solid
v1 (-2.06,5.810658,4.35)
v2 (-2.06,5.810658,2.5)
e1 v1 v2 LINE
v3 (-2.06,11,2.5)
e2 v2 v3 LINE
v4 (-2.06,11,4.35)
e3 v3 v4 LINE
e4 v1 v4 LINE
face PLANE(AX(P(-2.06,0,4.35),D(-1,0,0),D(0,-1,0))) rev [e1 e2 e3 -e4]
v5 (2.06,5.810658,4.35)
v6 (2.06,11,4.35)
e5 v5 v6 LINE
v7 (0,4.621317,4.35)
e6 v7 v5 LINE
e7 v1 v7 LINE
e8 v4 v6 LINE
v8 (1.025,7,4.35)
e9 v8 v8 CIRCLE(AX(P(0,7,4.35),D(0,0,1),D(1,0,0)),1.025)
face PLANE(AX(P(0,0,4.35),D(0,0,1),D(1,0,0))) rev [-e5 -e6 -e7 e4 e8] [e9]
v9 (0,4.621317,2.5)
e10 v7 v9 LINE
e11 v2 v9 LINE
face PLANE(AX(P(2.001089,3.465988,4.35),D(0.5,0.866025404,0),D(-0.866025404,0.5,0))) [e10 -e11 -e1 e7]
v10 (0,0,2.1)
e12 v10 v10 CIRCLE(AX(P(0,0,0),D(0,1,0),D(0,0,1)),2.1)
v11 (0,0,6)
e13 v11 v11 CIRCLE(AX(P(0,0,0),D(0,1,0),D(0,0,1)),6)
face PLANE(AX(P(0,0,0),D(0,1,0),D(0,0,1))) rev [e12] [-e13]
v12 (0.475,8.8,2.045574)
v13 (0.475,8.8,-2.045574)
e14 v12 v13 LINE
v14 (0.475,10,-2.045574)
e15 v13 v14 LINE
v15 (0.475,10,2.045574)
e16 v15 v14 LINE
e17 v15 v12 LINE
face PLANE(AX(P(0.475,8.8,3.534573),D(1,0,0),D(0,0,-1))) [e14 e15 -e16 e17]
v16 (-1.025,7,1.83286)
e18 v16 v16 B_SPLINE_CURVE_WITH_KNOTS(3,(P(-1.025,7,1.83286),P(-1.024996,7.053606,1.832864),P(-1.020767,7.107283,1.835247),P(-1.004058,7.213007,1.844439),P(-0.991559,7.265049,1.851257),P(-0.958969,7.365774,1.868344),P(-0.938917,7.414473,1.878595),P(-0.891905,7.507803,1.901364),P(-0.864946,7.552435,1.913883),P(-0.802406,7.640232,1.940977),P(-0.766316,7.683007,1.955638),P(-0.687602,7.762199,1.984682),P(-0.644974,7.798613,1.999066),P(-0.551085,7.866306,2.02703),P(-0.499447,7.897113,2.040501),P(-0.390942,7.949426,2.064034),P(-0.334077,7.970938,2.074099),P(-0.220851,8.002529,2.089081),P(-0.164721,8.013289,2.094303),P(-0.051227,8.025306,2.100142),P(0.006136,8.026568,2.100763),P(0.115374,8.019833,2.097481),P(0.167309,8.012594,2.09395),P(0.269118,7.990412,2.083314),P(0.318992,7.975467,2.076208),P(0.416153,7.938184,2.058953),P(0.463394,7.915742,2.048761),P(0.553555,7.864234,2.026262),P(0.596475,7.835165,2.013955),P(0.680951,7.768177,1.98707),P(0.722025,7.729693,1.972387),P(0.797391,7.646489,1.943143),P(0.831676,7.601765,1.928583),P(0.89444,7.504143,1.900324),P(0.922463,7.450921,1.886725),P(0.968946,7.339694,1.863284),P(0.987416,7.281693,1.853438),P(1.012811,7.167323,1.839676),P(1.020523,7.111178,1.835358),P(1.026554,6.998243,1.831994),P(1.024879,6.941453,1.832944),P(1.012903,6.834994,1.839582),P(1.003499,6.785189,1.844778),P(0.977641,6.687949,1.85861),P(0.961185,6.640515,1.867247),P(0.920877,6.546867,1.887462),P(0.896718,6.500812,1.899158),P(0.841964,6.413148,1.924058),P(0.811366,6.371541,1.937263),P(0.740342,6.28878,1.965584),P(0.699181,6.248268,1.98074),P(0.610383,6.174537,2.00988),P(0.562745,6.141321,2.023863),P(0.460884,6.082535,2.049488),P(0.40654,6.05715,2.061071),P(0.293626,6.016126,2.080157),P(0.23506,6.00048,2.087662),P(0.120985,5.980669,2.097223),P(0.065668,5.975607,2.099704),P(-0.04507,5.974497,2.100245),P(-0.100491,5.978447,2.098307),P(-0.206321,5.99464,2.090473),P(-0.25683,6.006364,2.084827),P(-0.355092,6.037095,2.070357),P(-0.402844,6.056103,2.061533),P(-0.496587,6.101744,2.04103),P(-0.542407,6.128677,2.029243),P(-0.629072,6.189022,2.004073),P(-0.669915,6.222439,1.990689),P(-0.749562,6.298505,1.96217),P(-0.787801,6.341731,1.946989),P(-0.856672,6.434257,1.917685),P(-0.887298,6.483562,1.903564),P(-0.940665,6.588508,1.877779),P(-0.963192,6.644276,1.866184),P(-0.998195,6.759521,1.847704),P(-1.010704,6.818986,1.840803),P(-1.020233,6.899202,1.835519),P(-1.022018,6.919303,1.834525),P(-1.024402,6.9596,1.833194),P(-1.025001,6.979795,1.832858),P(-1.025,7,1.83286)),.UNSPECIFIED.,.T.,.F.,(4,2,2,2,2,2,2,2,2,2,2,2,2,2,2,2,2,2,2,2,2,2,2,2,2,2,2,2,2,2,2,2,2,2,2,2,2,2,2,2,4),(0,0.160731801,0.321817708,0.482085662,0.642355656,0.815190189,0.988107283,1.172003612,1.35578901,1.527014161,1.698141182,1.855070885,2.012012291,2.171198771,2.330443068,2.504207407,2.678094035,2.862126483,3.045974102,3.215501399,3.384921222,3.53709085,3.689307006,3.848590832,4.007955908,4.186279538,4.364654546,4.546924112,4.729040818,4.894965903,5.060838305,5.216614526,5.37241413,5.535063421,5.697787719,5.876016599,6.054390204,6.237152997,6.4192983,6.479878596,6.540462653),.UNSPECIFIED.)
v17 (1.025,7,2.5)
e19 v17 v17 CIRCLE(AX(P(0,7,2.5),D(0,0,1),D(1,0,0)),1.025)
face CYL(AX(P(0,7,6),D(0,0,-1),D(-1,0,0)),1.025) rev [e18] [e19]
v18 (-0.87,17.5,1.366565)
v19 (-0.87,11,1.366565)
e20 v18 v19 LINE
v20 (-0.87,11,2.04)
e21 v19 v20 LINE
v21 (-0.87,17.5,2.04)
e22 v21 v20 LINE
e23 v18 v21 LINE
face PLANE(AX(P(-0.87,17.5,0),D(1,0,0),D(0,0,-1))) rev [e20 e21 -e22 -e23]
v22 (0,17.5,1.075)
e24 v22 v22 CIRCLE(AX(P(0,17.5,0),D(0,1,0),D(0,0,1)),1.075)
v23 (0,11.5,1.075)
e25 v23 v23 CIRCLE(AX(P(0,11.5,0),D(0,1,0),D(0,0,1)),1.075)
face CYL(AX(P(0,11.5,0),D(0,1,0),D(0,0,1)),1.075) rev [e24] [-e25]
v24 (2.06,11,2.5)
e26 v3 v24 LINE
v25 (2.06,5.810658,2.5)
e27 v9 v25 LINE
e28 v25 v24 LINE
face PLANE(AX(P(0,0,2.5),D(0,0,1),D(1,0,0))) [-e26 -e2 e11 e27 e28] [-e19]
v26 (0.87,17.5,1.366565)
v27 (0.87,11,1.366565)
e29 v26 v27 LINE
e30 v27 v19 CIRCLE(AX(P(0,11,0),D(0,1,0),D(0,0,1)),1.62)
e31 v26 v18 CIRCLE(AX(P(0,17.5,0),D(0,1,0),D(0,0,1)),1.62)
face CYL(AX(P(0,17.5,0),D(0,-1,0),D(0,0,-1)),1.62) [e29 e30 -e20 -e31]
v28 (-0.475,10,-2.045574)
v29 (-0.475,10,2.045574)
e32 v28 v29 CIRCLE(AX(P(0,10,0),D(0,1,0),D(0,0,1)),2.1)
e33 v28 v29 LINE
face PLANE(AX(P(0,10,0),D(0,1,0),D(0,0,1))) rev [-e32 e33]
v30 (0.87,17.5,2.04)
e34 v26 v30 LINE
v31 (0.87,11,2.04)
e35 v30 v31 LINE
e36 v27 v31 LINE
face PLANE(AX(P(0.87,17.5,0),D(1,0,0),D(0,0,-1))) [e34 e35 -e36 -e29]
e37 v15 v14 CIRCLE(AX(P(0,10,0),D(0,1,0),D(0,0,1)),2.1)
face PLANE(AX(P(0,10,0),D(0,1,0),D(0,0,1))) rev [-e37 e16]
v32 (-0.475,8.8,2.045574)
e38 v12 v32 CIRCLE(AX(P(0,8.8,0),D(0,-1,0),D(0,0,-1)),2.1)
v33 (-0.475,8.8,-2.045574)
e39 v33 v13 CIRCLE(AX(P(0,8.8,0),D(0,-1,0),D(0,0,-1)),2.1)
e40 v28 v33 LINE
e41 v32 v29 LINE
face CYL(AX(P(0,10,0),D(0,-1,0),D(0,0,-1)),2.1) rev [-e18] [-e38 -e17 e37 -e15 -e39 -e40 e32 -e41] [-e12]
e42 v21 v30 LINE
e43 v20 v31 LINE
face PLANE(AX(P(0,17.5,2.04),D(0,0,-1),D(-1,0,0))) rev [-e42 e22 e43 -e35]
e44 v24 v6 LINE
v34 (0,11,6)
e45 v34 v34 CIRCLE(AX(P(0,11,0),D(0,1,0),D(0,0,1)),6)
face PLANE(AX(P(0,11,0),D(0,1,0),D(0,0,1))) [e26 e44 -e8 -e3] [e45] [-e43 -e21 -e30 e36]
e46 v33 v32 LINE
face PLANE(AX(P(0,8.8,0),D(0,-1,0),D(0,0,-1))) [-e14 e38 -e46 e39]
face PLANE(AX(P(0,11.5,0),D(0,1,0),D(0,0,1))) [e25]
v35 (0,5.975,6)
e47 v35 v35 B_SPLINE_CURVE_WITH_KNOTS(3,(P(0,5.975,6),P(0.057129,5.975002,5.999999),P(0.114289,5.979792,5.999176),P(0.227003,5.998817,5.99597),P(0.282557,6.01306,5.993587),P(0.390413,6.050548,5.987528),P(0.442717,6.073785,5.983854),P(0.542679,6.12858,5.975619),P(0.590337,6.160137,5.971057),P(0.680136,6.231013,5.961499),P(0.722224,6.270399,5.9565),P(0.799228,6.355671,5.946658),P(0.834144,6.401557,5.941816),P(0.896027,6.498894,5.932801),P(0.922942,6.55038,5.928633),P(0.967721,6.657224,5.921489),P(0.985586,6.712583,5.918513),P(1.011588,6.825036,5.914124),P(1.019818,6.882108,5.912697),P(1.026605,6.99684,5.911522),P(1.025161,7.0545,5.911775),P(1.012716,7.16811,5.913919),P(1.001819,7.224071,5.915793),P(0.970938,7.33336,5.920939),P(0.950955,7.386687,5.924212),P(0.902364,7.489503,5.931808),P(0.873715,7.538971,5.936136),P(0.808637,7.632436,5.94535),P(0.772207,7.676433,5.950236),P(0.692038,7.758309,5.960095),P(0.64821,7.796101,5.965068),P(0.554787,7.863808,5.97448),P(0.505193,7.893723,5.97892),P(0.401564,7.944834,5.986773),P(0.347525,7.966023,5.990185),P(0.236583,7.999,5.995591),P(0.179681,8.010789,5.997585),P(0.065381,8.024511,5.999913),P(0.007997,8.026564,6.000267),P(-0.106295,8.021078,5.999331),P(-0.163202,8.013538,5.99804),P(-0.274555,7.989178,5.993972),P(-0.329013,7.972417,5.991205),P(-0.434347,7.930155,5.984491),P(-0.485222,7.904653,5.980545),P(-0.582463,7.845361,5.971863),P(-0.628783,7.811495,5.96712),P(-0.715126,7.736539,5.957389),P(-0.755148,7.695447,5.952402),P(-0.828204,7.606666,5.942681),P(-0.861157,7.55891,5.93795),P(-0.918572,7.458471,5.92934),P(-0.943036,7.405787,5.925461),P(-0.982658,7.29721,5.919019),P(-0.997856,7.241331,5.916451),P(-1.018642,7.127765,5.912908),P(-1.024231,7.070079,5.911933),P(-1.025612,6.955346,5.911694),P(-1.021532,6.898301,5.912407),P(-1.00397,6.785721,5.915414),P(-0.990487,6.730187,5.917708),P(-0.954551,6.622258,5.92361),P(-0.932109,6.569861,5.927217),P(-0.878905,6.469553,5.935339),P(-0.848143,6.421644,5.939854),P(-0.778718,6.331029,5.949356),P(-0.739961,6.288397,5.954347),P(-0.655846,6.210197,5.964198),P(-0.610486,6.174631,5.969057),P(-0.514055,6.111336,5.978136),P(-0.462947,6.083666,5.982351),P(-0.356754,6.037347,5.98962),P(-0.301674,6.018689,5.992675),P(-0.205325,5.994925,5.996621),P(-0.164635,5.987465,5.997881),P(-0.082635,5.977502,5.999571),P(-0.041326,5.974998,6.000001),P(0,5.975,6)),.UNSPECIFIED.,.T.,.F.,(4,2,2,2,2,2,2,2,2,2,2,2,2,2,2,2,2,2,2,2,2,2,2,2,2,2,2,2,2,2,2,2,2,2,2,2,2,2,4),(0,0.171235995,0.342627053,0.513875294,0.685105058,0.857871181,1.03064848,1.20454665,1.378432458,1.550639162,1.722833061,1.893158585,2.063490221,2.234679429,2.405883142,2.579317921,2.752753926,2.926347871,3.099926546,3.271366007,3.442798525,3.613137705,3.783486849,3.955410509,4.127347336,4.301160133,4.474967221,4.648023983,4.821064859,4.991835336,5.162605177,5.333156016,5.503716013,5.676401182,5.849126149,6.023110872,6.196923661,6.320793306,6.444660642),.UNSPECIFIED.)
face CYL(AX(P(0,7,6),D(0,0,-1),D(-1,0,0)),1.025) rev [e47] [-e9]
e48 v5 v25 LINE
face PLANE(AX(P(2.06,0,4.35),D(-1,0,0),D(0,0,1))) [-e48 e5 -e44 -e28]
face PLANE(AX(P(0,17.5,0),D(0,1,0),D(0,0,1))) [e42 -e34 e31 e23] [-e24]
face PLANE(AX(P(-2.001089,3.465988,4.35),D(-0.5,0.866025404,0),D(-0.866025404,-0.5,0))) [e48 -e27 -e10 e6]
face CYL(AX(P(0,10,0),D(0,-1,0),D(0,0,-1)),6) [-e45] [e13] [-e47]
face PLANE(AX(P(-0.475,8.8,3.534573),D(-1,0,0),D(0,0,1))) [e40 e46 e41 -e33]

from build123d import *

# Parameters (mm, degrees)
SKETCH1_R           = 6
BOSS_EXTRUDE1_DEPTH = 10
SKETCH2_R           = 1.025
CUT_EXTRUDE1_DEPTH  = 7
SKETCH4_R           = 2.1
CUT_EXTRUDE4_DEPTH  = 11.0000001
SKETCH5_W           = 0.95
SKETCH5_H           = 7.069146706
BOSS_EXTRUDE2_DEPTH = 1.2
SKETCH7_R           = 6
BOSS_EXTRUDE3_DEPTH = 1
SKETCH8_R           = 1.62
SKETCH8_W           = 1.74
SKETCH8_H           = 0.84
BOSS_EXTRUDE4_DEPTH = 6.5
SKETCH9_R           = 1.075
CUT_EXTRUDE5_DEPTH  = 6
CUT_EXTRUDE2_START  = 2.5
CUT_EXTRUDE2_DEPTH  = 1.85


with BuildPart() as part:
    # Sketch1 → Boss-Extrude1 (new body)
    with BuildSketch(Plane(origin=(0, 0, 0), x_dir=(1, 0, 0), z_dir=(0, 1, 0))):
        Circle(SKETCH1_R)
    extrude(amount=BOSS_EXTRUDE1_DEPTH)

    # Sketch2 → Cut-Extrude1 (cut, through all)
    with BuildSketch(Plane.XY):
        with Locations((0, 7)):
            Circle(SKETCH2_R)
    extrude(amount=CUT_EXTRUDE1_DEPTH, mode=Mode.SUBTRACT)

    # Sketch4 → Cut-Extrude4 (cut, through all)
    with BuildSketch(Plane(origin=(0, 0, 0), x_dir=(1, 0, 0), z_dir=(0, 1, 0))):
        Circle(SKETCH4_R)
    extrude(amount=CUT_EXTRUDE4_DEPTH, mode=Mode.SUBTRACT)

    # Sketch5 → Boss-Extrude2 (add)
    with BuildSketch(Plane(origin=(0, 10, 0), x_dir=(1, 0, 0), z_dir=(0, 1, 0))):
        Rectangle(SKETCH5_W, SKETCH5_H)
    extrude(amount=-BOSS_EXTRUDE2_DEPTH)

    # Sketch7 → Boss-Extrude3 (add)
    with BuildSketch(Plane(origin=(0, 10, 0), x_dir=(1, 0, 0), z_dir=(0, 1, 0))):
        Circle(SKETCH7_R)
    extrude(amount=BOSS_EXTRUDE3_DEPTH)

    # Sketch8 → Boss-Extrude4 (add)
    with BuildSketch(Plane(origin=(0, 11, 0), x_dir=(1, 0, 0), z_dir=(0, 1, 0))):
        Circle(SKETCH8_R)
        with Locations((0, -1.62)):
            Rectangle(SKETCH8_W, SKETCH8_H)
    extrude(amount=BOSS_EXTRUDE4_DEPTH)

    # Sketch9 → Cut-Extrude5 (cut)
    with BuildSketch(Plane(origin=(0, 17.5, 0), x_dir=(1, 0, 0), z_dir=(0, 1, 0))):
        Circle(SKETCH9_R)
    extrude(amount=-CUT_EXTRUDE5_DEPTH, mode=Mode.SUBTRACT)

    # Sketch3 → Cut-Extrude2 (cut)
    with BuildSketch(Plane.XY.offset(CUT_EXTRUDE2_START)):
        Polygon((0, 4.621316891), (2.06, 5.810658445), (2.06, 8.189341555), (2.06, 11.363105915), (-2.06, 11.363105915), (-2.06, 8.189341555), (-2.06, 5.810658445), align=None)
    extrude(amount=CUT_EXTRUDE2_DEPTH, mode=Mode.SUBTRACT)


solid = part.part
